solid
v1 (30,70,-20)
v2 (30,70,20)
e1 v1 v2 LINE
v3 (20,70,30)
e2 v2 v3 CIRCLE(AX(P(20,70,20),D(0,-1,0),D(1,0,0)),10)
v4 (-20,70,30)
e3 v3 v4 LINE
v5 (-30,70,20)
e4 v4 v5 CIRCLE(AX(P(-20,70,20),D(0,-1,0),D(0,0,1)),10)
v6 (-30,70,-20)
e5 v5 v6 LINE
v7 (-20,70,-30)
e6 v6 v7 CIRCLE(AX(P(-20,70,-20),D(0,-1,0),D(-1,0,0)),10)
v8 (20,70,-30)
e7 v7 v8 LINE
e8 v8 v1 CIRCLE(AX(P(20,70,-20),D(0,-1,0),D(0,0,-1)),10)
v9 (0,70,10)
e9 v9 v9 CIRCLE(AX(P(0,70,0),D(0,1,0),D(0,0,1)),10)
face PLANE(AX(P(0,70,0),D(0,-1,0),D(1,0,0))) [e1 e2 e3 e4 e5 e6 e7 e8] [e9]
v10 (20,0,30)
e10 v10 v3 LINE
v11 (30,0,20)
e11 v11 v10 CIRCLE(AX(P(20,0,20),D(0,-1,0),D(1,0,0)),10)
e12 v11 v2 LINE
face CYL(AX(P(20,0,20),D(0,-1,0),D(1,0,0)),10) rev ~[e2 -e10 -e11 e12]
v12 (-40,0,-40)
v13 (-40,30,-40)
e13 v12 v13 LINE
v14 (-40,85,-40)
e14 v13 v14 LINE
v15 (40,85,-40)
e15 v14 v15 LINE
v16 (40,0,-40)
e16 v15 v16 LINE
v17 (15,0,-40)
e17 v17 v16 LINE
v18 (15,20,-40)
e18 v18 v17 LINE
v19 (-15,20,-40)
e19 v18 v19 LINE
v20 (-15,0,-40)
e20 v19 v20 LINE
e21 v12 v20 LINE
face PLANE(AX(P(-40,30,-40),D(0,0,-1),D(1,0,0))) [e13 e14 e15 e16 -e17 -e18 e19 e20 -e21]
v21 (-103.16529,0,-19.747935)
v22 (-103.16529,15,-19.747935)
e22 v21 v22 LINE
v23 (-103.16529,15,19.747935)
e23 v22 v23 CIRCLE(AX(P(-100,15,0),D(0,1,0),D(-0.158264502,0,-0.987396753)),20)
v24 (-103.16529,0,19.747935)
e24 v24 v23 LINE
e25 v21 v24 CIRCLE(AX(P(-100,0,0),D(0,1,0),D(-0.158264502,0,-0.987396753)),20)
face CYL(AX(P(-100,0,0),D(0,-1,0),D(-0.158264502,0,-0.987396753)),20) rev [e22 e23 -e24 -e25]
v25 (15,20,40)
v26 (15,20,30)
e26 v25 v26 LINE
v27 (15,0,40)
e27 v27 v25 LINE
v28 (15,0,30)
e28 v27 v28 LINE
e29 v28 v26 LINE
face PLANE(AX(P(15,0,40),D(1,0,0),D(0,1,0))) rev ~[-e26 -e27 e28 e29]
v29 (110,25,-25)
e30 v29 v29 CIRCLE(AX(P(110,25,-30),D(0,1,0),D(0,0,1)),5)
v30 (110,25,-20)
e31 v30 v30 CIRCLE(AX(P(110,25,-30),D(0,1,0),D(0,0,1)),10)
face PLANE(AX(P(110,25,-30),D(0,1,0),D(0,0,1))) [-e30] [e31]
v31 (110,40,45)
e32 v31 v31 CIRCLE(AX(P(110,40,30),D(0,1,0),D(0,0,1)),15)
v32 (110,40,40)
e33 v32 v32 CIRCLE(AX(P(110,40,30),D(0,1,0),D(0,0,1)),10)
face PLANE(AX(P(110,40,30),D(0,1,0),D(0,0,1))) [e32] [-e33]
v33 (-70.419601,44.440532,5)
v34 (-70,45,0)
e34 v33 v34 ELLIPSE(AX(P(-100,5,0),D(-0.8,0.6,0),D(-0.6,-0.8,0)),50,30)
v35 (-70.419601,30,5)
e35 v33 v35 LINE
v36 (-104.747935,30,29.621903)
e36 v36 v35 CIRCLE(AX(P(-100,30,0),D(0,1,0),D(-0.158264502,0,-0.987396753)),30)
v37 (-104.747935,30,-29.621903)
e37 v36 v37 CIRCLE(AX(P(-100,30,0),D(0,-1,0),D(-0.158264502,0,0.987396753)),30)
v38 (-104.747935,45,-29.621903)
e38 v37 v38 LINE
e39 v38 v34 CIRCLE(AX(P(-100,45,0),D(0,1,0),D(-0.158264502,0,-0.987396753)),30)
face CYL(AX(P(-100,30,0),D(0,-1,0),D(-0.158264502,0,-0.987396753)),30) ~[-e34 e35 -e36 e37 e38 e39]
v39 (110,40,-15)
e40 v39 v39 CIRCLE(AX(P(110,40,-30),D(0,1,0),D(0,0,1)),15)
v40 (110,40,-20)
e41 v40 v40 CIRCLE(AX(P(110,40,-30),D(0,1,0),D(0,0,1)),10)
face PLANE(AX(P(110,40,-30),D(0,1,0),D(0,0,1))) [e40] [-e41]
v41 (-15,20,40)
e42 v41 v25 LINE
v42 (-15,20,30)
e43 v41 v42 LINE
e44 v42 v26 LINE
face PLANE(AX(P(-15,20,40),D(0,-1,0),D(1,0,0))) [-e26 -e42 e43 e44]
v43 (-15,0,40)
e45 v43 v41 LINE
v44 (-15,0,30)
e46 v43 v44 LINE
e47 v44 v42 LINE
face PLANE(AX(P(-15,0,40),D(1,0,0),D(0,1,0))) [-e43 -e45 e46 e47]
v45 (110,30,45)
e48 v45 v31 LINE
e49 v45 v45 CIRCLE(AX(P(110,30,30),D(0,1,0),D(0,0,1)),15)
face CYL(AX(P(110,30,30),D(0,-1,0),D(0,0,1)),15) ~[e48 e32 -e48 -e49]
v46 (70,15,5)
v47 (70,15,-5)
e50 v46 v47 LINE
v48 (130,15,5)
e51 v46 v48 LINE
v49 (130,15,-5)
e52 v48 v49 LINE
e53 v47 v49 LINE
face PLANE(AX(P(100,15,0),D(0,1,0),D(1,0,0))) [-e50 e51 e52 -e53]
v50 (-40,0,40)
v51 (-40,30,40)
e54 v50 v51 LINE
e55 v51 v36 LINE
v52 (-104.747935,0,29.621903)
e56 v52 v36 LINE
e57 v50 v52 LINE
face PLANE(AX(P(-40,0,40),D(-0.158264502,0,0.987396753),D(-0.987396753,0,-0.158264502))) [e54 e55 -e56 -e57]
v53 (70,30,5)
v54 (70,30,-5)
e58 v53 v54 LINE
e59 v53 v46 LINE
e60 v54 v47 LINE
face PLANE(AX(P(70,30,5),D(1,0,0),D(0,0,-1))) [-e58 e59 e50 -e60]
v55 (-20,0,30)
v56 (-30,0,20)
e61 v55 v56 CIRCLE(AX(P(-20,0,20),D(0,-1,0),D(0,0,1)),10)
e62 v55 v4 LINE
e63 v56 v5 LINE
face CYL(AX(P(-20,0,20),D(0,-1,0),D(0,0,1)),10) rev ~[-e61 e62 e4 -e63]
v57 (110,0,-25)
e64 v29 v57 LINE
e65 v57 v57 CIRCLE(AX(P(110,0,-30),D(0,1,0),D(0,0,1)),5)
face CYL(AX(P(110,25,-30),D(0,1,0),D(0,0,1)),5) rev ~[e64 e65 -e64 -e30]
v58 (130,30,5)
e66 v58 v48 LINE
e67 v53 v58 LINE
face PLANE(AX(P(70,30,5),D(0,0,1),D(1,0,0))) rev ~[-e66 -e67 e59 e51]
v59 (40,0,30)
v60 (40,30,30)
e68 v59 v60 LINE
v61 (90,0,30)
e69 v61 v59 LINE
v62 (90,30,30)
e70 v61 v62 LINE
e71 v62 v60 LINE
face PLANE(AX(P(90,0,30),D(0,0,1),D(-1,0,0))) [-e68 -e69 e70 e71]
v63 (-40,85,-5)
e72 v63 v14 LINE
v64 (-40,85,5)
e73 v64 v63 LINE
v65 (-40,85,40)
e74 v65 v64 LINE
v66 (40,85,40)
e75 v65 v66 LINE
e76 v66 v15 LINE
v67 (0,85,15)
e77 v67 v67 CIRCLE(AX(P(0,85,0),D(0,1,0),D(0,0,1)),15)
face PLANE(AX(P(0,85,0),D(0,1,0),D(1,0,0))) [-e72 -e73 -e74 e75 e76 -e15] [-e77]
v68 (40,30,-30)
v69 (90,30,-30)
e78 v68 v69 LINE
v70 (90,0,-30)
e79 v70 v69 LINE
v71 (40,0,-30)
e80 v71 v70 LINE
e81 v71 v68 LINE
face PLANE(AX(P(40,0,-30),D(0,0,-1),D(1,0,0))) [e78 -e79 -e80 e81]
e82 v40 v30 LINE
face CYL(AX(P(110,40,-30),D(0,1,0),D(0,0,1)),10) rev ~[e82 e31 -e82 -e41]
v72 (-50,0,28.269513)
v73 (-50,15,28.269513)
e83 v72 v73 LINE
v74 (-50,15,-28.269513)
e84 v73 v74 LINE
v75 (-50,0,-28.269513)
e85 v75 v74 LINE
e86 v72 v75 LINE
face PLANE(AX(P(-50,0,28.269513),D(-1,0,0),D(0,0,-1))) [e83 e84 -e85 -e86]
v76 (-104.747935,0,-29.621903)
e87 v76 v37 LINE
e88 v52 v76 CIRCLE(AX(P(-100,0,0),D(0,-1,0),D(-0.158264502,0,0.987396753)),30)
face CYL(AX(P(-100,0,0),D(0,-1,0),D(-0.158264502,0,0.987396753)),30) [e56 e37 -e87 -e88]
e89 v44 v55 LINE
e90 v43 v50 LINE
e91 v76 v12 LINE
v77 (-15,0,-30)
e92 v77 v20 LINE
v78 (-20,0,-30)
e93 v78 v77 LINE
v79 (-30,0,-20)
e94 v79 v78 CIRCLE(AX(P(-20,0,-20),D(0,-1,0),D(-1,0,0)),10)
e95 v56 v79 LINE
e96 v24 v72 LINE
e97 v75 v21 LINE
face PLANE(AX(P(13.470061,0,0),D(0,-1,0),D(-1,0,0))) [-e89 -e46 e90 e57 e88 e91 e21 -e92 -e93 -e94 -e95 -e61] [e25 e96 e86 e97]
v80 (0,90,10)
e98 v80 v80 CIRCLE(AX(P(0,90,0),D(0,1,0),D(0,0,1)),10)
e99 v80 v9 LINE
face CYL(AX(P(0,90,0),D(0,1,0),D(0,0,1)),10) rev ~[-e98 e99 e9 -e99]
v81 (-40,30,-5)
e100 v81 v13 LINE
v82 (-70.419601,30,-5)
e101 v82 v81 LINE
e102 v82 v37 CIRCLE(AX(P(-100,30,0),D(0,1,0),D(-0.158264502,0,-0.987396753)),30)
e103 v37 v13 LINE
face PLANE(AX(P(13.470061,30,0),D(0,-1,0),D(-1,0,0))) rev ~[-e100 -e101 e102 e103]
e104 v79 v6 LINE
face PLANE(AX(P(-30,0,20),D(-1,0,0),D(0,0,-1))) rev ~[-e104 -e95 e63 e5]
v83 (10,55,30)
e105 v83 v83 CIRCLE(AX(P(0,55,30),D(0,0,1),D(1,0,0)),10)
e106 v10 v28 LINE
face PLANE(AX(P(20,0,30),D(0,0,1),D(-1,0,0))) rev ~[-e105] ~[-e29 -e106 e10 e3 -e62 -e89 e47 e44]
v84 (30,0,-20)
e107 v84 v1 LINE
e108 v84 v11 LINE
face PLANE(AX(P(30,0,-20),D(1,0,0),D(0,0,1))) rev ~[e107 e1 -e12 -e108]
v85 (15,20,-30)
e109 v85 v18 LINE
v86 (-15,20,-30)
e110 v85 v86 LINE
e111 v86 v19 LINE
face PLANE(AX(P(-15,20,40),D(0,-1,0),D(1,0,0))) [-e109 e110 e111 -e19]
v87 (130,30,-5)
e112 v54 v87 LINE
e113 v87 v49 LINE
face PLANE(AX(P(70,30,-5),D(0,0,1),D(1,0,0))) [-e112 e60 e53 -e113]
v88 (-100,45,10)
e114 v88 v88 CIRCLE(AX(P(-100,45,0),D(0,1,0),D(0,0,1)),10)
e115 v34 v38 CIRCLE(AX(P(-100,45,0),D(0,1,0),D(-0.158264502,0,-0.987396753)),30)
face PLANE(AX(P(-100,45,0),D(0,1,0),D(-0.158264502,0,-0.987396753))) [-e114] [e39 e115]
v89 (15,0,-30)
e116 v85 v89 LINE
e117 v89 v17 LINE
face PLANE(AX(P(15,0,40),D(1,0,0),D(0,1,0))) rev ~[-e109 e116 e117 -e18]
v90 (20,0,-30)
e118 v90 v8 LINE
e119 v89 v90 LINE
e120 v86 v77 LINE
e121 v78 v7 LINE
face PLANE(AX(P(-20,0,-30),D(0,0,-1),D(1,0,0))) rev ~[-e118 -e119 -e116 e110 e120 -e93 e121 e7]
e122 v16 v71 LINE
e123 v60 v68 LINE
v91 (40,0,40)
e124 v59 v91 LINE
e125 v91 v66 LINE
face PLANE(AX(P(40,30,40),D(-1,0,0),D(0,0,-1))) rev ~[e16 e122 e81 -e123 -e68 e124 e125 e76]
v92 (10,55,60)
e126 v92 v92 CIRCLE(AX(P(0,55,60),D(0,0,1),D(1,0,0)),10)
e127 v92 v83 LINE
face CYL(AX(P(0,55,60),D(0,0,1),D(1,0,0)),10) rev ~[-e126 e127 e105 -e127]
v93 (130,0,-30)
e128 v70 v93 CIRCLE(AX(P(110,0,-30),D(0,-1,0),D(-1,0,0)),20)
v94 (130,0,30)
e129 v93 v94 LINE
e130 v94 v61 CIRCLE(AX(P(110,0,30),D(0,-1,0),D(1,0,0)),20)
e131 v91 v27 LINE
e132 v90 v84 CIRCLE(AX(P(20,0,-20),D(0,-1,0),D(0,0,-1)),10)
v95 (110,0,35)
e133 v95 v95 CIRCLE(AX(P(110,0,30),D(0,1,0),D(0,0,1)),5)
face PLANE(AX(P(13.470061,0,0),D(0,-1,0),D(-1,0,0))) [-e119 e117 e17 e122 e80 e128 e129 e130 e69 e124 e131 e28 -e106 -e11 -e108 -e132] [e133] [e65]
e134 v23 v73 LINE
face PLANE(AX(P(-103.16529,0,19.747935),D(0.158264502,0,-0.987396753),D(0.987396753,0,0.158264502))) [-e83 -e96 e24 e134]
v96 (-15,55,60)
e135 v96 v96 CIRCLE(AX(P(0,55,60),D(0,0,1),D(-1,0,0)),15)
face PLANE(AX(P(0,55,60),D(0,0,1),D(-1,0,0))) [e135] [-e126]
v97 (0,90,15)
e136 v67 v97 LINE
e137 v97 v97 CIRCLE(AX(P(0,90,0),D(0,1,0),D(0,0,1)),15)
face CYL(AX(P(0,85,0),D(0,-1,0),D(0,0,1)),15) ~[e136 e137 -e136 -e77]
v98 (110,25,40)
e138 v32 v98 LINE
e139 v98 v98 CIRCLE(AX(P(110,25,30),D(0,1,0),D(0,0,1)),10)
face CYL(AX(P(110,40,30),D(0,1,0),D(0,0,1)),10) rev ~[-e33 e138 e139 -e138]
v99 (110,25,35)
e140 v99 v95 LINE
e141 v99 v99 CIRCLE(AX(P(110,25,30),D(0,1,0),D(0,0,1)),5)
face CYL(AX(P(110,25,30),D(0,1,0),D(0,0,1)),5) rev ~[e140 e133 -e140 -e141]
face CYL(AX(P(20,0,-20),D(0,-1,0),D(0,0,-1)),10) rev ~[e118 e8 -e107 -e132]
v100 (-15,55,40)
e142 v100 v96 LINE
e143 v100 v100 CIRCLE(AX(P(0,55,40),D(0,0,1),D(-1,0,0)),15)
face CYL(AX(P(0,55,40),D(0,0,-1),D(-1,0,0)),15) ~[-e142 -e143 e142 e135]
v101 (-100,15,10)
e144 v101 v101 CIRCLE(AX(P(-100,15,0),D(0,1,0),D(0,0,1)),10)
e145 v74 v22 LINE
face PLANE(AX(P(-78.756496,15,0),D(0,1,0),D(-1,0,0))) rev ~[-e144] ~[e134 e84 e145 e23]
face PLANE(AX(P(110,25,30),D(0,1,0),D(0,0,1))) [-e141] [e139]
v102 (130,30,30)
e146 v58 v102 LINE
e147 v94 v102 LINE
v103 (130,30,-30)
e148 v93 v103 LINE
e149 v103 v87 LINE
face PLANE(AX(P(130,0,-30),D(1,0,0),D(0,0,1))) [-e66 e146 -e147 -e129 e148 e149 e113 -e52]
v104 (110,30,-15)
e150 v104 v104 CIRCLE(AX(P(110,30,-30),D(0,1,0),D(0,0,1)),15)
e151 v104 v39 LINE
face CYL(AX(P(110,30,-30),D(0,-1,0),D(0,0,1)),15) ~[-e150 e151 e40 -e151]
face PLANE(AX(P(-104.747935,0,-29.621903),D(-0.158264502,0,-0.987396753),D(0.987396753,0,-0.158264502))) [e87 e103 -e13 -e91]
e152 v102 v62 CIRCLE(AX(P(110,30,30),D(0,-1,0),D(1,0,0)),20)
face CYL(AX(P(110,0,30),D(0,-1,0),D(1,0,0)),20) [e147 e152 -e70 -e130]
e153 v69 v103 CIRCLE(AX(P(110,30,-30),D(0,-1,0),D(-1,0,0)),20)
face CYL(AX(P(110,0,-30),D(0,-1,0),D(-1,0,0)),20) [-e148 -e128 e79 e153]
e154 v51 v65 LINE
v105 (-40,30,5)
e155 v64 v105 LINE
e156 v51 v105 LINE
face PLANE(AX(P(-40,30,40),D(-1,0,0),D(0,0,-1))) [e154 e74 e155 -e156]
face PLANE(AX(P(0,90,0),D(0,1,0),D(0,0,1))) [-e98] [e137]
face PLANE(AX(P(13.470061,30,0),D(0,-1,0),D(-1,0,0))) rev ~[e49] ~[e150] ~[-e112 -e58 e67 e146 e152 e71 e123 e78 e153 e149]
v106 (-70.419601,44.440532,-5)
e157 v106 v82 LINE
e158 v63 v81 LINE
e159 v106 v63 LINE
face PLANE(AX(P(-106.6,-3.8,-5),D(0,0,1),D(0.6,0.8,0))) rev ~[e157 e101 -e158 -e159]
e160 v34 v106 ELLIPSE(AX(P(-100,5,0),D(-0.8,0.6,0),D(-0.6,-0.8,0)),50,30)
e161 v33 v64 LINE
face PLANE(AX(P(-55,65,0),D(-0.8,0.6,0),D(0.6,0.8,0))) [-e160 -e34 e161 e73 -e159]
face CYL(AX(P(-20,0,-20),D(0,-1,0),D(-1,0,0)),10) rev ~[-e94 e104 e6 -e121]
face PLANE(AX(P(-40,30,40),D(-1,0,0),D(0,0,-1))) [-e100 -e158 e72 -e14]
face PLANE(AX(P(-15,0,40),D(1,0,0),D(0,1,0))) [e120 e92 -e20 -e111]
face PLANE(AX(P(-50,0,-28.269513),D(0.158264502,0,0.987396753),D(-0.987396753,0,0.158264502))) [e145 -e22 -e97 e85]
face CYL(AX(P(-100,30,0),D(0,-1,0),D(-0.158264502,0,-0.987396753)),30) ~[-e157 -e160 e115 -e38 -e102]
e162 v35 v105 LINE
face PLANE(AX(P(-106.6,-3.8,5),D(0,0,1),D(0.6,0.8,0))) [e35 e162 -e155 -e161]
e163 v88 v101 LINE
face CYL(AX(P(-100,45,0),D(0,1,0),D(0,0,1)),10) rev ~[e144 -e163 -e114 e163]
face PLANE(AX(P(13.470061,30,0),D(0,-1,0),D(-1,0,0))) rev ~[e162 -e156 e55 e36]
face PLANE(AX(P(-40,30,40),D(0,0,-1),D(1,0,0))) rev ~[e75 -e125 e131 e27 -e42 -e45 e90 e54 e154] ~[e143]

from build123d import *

# Parameters (mm, degrees)
BOSS_EXTRUDE2_DEPTH = 30
SKETCH2_W           = 80
SKETCH2_H           = 80
BOSS_EXTRUDE3_DEPTH = 55
CUT_EXTRUDE1_DEPTH  = 70
SKETCH4_R           = 15
BOSS_EXTRUDE4_DEPTH = 5
SKETCH6_R           = 10
CUT_EXTRUDE2_DEPTH  = 91
SKETCH7_R           = 30
BOSS_EXTRUDE5_DEPTH = 15
SKETCH8_R           = 10
CUT_EXTRUDE3_DEPTH  = 46
CUT_EXTRUDE4_DEPTH  = 15
SKETCH11_W          = 30
SKETCH11_H          = 20
CUT_EXTRUDE5_DEPTH  = 91
SKETCH12_R          = 15
BOSS_EXTRUDE6_DEPTH = 20
CUT_EXTRUDE6_REACH  = 112
SKETCH13_R          = 10
SKETCH14_R          = 15
BOSS_EXTRUDE7_DEPTH = 10
SKETCH15_R          = 10
CUT_EXTRUDE7_DEPTH  = 15
SKETCH16_R          = 5
CUT_EXTRUDE8_DEPTH  = 26
SKETCH17_W          = 60
SKETCH17_H          = 10
CUT_EXTRUDE9_DEPTH  = 15
RIB1_REACH          = 62
SKETCH18_WALL_W     = 172
SKETCH18_WALL_H     = 10


with BuildPart() as part:
    # Sketch1 → Boss-Extrude2 (new body)
    with BuildSketch(Plane(origin=(0, 0, 0), x_dir=(1, 0, 0), z_dir=(0, 1, 0))):
        with BuildLine():
            Line((130, 30), (130, -30))
            ThreePointArc((130, -30), (110, -50), (90, -30))
            Line((90, -30), (40, -30))
            Line((40, -30), (40, -40))
            Line((40, -40), (-40, -40))
            Line((-40, -40), (-104.747935056, -29.621902584))
            ThreePointArc((-104.747935056, -29.621902584), (-130, 0), (-104.747935056, 29.621902584))
            Line((-104.747935056, 29.621902584), (-40, 40))
            Line((-40, 40), (40, 40))
            Line((40, 40), (40, 30))
            Line((40, 30), (90, 30))
            ThreePointArc((90, 30), (110, 50), (130, 30))
        make_face()
    extrude(amount=BOSS_EXTRUDE2_DEPTH)

    # Sketch2 → Boss-Extrude3 (add)
    with BuildSketch(Plane(origin=(0, 30, 0), x_dir=(1, 0, 0), z_dir=(0, 1, 0))):
        Rectangle(SKETCH2_W, SKETCH2_H)
    extrude(amount=BOSS_EXTRUDE3_DEPTH)

    # Sketch3 → Cut-Extrude1 (cut)
    with BuildSketch(Plane.XZ):
        with BuildLine():
            Line((-20, -30), (20, -30))
            ThreePointArc((20, -30), (27.071067812, -27.071067812), (30, -20))
            Line((30, -20), (30, 20))
            ThreePointArc((30, 20), (27.071067812, 27.071067812), (20, 30))
            Line((20, 30), (-20, 30))
            ThreePointArc((-20, 30), (-27.071067812, 27.071067812), (-30, 20))
            Line((-30, 20), (-30, -20))
            ThreePointArc((-30, -20), (-27.071067812, -27.071067812), (-20, -30))
        make_face()
    extrude(amount=-CUT_EXTRUDE1_DEPTH, mode=Mode.SUBTRACT)

    # Sketch4 → Boss-Extrude4 (add)
    with BuildSketch(Plane(origin=(0, 85, 0), x_dir=(1, 0, 0), z_dir=(0, 1, 0))):
        with Locations(Location((0, 0, 0), (0, 0, 270))):  # turned: the seam where the file's is
            Circle(SKETCH4_R)
    extrude(amount=BOSS_EXTRUDE4_DEPTH)

    # Sketch6 → Cut-Extrude2 (cut, through all)
    with BuildSketch(Plane(origin=(0, 90, 0), x_dir=(1, 0, 0), z_dir=(0, 1, 0))):
        with Locations(Location((0, 0, 0), (0, 0, 270))):  # turned: the seam where the file's is
            Circle(SKETCH6_R)
    extrude(amount=-CUT_EXTRUDE2_DEPTH, mode=Mode.SUBTRACT)

    # Sketch7 → Boss-Extrude5 (add)
    with BuildSketch(Plane(origin=(0, 30, 0), x_dir=(1, 0, 0), z_dir=(0, 1, 0))):
        with Locations(Location((-100, 0, 0), (0, 0, 99.10617604))):  # turned: the seam where the file's is
            Circle(SKETCH7_R)
    extrude(amount=BOSS_EXTRUDE5_DEPTH)

    # Sketch8 → Cut-Extrude3 (cut, through all)
    with BuildSketch(Plane(origin=(0, 45, 0), x_dir=(1, 0, 0), z_dir=(0, 1, 0))):
        with Locations(Location((-100, 0, 0), (0, 0, 270))):  # turned: the seam where the file's is
            Circle(SKETCH8_R)
    extrude(amount=-CUT_EXTRUDE3_DEPTH, mode=Mode.SUBTRACT)

    # Sketch9 → Cut-Extrude4 (cut)
    with BuildSketch(Plane.XZ):
        with BuildLine():
            Line((-50, 28.269512751), (-50, -28.269512751))
            Line((-50, -28.269512751), (-103.165290037, -19.747935056))
            ThreePointArc((-103.165290037, -19.747935056), (-120, 0), (-103.165290037, 19.747935056))
            Line((-103.165290037, 19.747935056), (-50, 28.269512751))
        make_face()
    extrude(amount=-CUT_EXTRUDE4_DEPTH, mode=Mode.SUBTRACT)

    # Sketch11 → Cut-Extrude5 (cut, through all)
    with BuildSketch(Plane.XY.offset(40)):
        with Locations((0, 10)):
            Rectangle(SKETCH11_W, SKETCH11_H)
    extrude(amount=-CUT_EXTRUDE5_DEPTH, mode=Mode.SUBTRACT)

    # Sketch12 → Boss-Extrude6 (add)
    with BuildSketch(Plane.XY.offset(40)):
        with Locations(Location((0, 55, 0), (0, 0, 180))):  # turned: the seam where the file's is
            Circle(SKETCH12_R)
    extrude(amount=BOSS_EXTRUDE6_DEPTH)

    # Sketch13 → Cut-Extrude6 (cut, up to next)
    with BuildSketch(Plane.XY.offset(60), mode=Mode.PRIVATE) as cut_extrude6_sk1:
        with Locations((0, 55)):
            Circle(SKETCH13_R)
    cut_extrude6_tool1 = extrude(cut_extrude6_sk1.sketch, amount=-CUT_EXTRUDE6_REACH, mode=Mode.PRIVATE) & part.part
    add(cut_extrude6_tool1.solids().sort_by_distance((0, 55, 60))[0], mode=Mode.SUBTRACT)

    # Sketch14 → Boss-Extrude7 (add)
    with BuildSketch(Plane(origin=(0, 30, 0), x_dir=(1, 0, 0), z_dir=(0, 1, 0))):
        with Locations(Location((110, -30, 0), (0, 0, 270))):  # turned: the seam where the file's is
            Circle(SKETCH14_R)
        with Locations(Location((110, 30, 0), (0, 0, 270))):  # turned: the seam where the file's is
            Circle(SKETCH14_R)
    extrude(amount=BOSS_EXTRUDE7_DEPTH)

    # Sketch15 → Cut-Extrude7 (cut)
    with BuildSketch(Plane(origin=(0, 40, 0), x_dir=(1, 0, 0), z_dir=(0, 1, 0))):
        with Locations(Location((110, -30, 0), (0, 0, 270))):  # turned: the seam where the file's is
            Circle(SKETCH15_R)
        with Locations(Location((110, 30, 0), (0, 0, 270))):  # turned: the seam where the file's is
            Circle(SKETCH15_R)
    extrude(amount=-CUT_EXTRUDE7_DEPTH, mode=Mode.SUBTRACT)

    # Sketch16 → Cut-Extrude8 (cut, through all)
    with BuildSketch(Plane(origin=(0, 25, 0), x_dir=(1, 0, 0), z_dir=(0, 1, 0))):
        with Locations(Location((110, -30, 0), (0, 0, 270))):  # turned: the seam where the file's is
            Circle(SKETCH16_R)
        with Locations(Location((110, 30, 0), (0, 0, 270))):  # turned: the seam where the file's is
            Circle(SKETCH16_R)
    extrude(amount=-CUT_EXTRUDE8_DEPTH, mode=Mode.SUBTRACT)

    # Sketch17 → Cut-Extrude9 (cut)
    with BuildSketch(Plane(origin=(0, 30, 0), x_dir=(1, 0, 0), z_dir=(0, 1, 0))):
        with Locations((100, 0)):
            Rectangle(SKETCH17_W, SKETCH17_H)
    extrude(amount=-CUT_EXTRUDE9_DEPTH, mode=Mode.SUBTRACT)

    # Sketch18 wall → Rib1 (add, up to next)
    with BuildSketch(Plane(origin=(-55, 65, 0), x_dir=(0.6, 0.8, 0), z_dir=(-0.8, 0.6, 0)), mode=Mode.PRIVATE) as rib1_sk1:
        Rectangle(SKETCH18_WALL_W, SKETCH18_WALL_H)
    rib1_tool1 = extrude(rib1_sk1.sketch, amount=-RIB1_REACH, mode=Mode.PRIVATE) - part.part
    add(rib1_tool1.solids().sort_by_distance((-55, 65, 0))[0])


solid = part.part
